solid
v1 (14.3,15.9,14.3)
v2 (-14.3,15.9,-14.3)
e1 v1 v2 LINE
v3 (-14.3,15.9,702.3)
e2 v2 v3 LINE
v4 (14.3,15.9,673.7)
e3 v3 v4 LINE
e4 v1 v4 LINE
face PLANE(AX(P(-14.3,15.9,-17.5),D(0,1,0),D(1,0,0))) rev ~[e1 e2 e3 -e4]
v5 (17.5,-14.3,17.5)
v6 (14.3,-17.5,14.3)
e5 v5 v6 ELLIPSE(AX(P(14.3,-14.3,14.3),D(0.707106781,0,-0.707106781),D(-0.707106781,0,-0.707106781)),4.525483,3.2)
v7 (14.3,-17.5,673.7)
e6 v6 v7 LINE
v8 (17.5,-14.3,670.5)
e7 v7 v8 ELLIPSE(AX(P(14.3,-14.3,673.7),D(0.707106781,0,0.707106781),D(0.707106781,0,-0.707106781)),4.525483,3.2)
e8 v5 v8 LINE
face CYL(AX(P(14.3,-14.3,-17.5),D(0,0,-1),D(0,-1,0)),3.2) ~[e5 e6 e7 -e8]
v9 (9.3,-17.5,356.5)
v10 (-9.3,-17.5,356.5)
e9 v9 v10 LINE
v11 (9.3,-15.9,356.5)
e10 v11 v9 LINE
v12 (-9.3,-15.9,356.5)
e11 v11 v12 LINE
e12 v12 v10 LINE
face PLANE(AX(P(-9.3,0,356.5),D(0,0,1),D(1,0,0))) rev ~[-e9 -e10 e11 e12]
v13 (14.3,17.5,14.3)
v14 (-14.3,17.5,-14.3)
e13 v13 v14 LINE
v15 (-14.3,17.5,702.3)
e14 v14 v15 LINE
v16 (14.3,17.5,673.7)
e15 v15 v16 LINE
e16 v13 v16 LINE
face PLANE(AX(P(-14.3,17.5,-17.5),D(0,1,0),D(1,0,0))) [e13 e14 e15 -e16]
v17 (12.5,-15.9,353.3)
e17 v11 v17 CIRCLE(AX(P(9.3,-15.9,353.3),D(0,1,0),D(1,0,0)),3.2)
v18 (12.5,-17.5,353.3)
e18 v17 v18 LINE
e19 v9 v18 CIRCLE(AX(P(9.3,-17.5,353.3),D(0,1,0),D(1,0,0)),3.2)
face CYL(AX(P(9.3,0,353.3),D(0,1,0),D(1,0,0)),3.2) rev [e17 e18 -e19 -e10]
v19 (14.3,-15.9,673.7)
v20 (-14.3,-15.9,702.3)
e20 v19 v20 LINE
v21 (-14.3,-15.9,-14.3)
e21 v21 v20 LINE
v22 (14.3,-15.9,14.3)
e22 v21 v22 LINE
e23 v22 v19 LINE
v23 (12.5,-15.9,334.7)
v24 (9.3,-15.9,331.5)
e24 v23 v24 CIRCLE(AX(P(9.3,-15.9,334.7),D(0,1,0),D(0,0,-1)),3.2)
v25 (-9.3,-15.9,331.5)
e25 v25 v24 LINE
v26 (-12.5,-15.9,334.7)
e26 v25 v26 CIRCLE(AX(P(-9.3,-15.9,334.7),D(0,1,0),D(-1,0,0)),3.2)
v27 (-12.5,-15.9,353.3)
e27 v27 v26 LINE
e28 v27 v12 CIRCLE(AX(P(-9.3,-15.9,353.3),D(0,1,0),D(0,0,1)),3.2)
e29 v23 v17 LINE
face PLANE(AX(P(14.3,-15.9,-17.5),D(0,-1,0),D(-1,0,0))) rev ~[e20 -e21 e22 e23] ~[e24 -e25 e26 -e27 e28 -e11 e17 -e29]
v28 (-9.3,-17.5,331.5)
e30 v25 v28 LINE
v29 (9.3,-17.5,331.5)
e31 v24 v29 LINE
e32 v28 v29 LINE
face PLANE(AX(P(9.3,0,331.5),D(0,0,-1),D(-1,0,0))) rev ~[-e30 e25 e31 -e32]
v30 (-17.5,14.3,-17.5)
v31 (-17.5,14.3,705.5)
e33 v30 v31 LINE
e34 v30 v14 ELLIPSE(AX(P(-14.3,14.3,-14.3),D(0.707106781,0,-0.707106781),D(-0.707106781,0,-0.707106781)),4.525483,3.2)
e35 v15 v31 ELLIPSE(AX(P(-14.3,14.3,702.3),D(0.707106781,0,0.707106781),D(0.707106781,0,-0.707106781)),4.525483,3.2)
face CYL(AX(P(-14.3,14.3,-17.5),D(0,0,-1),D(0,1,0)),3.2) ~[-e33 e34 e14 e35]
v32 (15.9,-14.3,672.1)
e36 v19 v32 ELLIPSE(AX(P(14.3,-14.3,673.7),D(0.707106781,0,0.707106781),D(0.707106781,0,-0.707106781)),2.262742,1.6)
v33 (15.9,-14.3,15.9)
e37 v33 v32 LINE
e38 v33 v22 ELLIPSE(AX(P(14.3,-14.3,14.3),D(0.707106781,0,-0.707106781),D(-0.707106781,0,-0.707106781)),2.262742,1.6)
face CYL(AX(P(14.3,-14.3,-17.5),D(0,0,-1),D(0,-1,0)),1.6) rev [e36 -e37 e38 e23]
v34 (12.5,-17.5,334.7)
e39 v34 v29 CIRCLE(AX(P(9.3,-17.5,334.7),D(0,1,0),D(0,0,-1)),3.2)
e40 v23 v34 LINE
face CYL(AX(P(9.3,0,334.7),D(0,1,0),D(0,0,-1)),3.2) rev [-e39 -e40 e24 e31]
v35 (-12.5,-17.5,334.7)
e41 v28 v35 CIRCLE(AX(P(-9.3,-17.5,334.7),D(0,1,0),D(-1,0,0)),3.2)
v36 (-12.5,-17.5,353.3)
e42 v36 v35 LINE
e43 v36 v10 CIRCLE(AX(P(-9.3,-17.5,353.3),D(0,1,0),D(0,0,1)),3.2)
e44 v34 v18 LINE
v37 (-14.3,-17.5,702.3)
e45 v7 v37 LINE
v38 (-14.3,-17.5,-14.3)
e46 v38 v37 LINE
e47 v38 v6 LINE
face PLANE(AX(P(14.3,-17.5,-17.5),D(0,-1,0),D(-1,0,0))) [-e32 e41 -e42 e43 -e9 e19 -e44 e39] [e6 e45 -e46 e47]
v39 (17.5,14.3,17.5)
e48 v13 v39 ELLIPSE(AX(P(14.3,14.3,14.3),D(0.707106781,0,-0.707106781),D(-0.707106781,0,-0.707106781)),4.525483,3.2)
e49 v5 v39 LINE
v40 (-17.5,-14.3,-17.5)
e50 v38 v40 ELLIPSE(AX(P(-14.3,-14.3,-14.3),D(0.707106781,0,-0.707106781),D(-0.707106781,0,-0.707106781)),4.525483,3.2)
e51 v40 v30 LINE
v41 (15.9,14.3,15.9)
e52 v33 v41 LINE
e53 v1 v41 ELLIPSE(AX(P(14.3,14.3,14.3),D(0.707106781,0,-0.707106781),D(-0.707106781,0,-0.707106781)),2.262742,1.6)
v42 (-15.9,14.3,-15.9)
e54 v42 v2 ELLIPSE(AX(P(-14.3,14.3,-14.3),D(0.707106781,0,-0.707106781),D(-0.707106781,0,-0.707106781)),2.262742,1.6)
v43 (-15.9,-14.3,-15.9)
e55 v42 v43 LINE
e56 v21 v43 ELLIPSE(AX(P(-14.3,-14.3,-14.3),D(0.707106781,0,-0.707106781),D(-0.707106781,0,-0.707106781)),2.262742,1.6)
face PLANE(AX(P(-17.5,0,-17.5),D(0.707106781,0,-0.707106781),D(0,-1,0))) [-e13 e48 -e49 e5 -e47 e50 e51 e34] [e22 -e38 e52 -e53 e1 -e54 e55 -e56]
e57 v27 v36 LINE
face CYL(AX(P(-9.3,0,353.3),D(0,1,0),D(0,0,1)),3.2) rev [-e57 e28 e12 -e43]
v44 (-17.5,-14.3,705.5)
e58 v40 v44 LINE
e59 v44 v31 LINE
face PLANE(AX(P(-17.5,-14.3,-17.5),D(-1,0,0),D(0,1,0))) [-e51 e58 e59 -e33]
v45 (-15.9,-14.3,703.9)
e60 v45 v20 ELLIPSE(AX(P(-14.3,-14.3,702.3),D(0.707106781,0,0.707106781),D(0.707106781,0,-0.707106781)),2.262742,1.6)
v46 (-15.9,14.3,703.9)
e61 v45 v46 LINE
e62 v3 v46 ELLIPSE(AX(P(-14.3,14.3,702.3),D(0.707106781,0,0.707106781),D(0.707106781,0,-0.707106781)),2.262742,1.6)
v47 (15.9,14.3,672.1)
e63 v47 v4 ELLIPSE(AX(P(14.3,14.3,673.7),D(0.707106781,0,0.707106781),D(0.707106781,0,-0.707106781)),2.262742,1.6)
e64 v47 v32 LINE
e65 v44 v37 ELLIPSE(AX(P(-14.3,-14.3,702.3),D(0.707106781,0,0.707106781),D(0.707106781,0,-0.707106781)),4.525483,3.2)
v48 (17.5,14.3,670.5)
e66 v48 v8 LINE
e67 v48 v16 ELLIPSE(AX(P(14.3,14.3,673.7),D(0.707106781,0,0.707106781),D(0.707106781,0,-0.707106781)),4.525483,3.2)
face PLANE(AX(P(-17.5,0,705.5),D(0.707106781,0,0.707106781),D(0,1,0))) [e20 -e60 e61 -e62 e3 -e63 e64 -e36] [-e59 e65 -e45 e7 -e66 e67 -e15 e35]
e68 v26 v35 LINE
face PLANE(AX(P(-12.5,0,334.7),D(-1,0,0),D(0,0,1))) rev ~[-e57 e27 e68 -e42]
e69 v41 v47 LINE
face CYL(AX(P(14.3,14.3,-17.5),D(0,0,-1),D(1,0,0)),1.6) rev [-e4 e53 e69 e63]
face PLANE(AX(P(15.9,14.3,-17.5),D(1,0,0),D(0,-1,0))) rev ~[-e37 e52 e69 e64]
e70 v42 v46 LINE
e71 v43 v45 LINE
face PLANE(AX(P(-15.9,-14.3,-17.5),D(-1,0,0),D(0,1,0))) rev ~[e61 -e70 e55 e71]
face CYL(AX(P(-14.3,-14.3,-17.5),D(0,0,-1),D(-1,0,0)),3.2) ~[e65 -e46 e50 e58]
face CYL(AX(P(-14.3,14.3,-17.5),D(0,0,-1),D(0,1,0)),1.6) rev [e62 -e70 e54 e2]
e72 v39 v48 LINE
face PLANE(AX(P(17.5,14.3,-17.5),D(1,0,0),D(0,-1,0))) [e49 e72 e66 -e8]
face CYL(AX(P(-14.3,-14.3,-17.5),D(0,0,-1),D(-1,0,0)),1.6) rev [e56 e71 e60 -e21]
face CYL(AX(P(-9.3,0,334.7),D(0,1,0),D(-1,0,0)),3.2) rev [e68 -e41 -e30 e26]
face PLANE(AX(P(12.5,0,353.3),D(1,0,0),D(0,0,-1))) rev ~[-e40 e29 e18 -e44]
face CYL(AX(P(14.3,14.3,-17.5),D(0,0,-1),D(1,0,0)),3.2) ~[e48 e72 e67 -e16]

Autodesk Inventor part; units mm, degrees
ref_plane "Start plane" through (0, 0, -17.5) normal (0, 0, 1) x (1, 0, 0)
ref_plane "End plane" through (0, 0, 705.5) normal (0, 0, 1) x (1, 0, 0)
sketch "Sketch" plane through (0, 0, 0) normal (0, 0, 1) x (1, 0, 0)
  line L0 (-17.5, -14.3) -> (-17.5, 14.3)
  line L1 (-14.3, 17.5) -> (14.3, 17.5)
  line L2 (17.5, 14.3) -> (17.5, -14.3)
  line L3 (14.3, -17.5) -> (-14.3, -17.5)
  arc A0 (-17.5, -14.3) -> (-14.3, -17.5) centre (-14.3, -14.3) ccw
  arc A1 (-14.3, 17.5) -> (-17.5, 14.3) centre (-14.3, 14.3) ccw
  arc A2 (17.5, 14.3) -> (14.3, 17.5) centre (14.3, 14.3) ccw
  arc A3 (14.3, -17.5) -> (17.5, -14.3) centre (14.3, -14.3) ccw
  arc A4 (-14.3, 15.9) -> (-15.9, 14.3) centre (-14.3, 14.3) ccw
  line L4 (-14.3, 15.9) -> (14.3, 15.9)
  arc A5 (15.9, 14.3) -> (14.3, 15.9) centre (14.3, 14.3) ccw
  line L5 (15.9, 14.3) -> (15.9, -14.3)
  arc A6 (14.3, -15.9) -> (15.9, -14.3) centre (14.3, -14.3) ccw
  line L6 (14.3, -15.9) -> (-14.3, -15.9)
  arc A7 (-15.9, -14.3) -> (-14.3, -15.9) centre (-14.3, -14.3) ccw
  line L7 (-15.9, -14.3) -> (-15.9, 14.3)
  line L8 (0, 25.4278) -> (0, -25.4278) construction
  line L9 (-25.4278, 0) -> (25.4278, 0) construction
  dimension "d7" = 3.2
  dimension "d10" = 35
  dimension "d11" = 35
  dimension "d12" = 1.6
  dimension "d15" = 17.5
  dimension "d16" = 17.5
extrude "Body" add sketch "Sketch" along normal up to surface (723 mm away) from surface at -17.5
sketch "Sketch3" plane through (0, 0, 0) normal (0, 0, 1) x (1, 0, 0)
  line L0 (0, 0) -> (10, 0)
ref_plane "Work Plane3" through (0, 0, 0) normal (0, -1, 0) x (1, 0, 0)
sketch "Sketch4" plane through (0, 0, 0) normal (0, -1, 0) x (1, 0, 0)
  line L0 (-2, -17.5) -> (12, -17.5)
  line L1 (-2, 705.5) -> (12, 705.5)
  dimension "d18" = 723
ref_plane "Work Plane4" through (0, 0, 344) normal (0, -1, 0) x (1, 0, 0)
ref_plane "Work Plane5" through (0, -150, 344) normal (0, -1, 0) x (1, 0, 0)
ref_plane "Work Plane6" through (0, -75, 344) normal (0, -1, 0) x (1, 0, 0)
sketch "Sketch5" plane through (0, -75, 344) normal (0, -1, 0) x (1, 0, 0)
  arc A0 (-12.5, -9.3) -> (-9.3, -12.5) centre (-9.3, -9.3) ccw
  line L0 (-12.5, -9.3) -> (-12.5, 9.3)
  arc A1 (-9.3, 12.5) -> (-12.5, 9.3) centre (-9.3, 9.3) ccw
  line L1 (-9.3, 12.5) -> (9.3, 12.5)
  arc A2 (12.5, 9.3) -> (9.3, 12.5) centre (9.3, 9.3) ccw
  line L2 (12.5, 9.3) -> (12.5, -9.3)
  arc A3 (9.3, -12.5) -> (12.5, -9.3) centre (9.3, -9.3) ccw
  line L3 (9.3, -12.5) -> (-9.3, -12.5)
  arc A4 (-9.3, 10.9) -> (-10.9, 9.3) centre (-9.3, 9.3) ccw
  line L4 (-9.3, 10.9) -> (9.3, 10.9)
  arc A5 (10.9, 9.3) -> (9.3, 10.9) centre (9.3, 9.3) ccw
  line L5 (10.9, 9.3) -> (10.9, -9.3)
  arc A6 (9.3, -10.9) -> (10.9, -9.3) centre (9.3, -9.3) ccw
  line L6 (9.3, -10.9) -> (-9.3, -10.9)
  arc A7 (-10.9, -9.3) -> (-9.3, -10.9) centre (-9.3, -9.3) ccw
  line L7 (-10.9, -9.3) -> (-10.9, 9.3)
extrude "Extrusion2" cut sketch "Sketch5" along normal up to surface (150 mm away) from surface at -75 contours L0 A1 L1 A2 L2 A3 L3 A0 | L4 A5 L5 A6 L6 A7 L7 A4
ref_plane "Work Plane7" through (400.966, 0, 12.6342) normal (0.871, 0, 0.4912) x (0.4912, 0, -0.871)
split "Split1" plane through (400.966, 0, 12.6342) removes the side toward (0.871, 0, 0.4912)
ref_plane "Work Plane8" through (-17.5, 0, 705.5) normal (0.7071, 0, 0.7071) x (0.7071, 0, -0.7071)
split "Split2" plane through (-17.5, 0, 705.5) removes the side toward (0.7071, 0, 0.7071)
ref_plane "Work Plane9" through (398.2219, 0, 670.5) normal (0.871, 0, -0.4912) x (-0.4912, 0, -0.871)
split "Split3" plane through (398.2219, 0, 670.5) removes the side toward (0.871, 0, -0.4912)
ref_plane "Work Plane10" through (-17.5, 0, -17.5) normal (0.7071, 0, -0.7071) x (-0.7071, 0, -0.7071)
split "Split4" plane through (-17.5, 0, -17.5) removes the side toward (0.7071, 0, -0.7071)
equation "\"d7\" = G_IR"
equation "\"d10\" = G_H"
equation "\"d11\" = G_W"
equation "\"d12\" = G_T"
equation "\"d15\" = 0.5 * d10"
equation "\"d16\" = 0.5 * d11"
equation "\"d3\" = G_L"
equation "\"G_W\" = 35"
equation "\"G_H\" = 35"
equation "\"G_T\" = 1.6"
equation "\"G_IR\" = 3.2"
equation "\"G_L\" = d18"
equation "\"G_OFFSET_START\" = 17.5"
equation "\"G_OFFSET_END\" = 17.5"
equation "\"d13\" = -G_OFFSET_START"
equation "\"d14\" = G_OFFSET_END + B_L"
equation "\"B_L\" = 688"
properties part number "AS C350L0 35x35x3.0 SHS 00000019" material "Steel, Mild"
